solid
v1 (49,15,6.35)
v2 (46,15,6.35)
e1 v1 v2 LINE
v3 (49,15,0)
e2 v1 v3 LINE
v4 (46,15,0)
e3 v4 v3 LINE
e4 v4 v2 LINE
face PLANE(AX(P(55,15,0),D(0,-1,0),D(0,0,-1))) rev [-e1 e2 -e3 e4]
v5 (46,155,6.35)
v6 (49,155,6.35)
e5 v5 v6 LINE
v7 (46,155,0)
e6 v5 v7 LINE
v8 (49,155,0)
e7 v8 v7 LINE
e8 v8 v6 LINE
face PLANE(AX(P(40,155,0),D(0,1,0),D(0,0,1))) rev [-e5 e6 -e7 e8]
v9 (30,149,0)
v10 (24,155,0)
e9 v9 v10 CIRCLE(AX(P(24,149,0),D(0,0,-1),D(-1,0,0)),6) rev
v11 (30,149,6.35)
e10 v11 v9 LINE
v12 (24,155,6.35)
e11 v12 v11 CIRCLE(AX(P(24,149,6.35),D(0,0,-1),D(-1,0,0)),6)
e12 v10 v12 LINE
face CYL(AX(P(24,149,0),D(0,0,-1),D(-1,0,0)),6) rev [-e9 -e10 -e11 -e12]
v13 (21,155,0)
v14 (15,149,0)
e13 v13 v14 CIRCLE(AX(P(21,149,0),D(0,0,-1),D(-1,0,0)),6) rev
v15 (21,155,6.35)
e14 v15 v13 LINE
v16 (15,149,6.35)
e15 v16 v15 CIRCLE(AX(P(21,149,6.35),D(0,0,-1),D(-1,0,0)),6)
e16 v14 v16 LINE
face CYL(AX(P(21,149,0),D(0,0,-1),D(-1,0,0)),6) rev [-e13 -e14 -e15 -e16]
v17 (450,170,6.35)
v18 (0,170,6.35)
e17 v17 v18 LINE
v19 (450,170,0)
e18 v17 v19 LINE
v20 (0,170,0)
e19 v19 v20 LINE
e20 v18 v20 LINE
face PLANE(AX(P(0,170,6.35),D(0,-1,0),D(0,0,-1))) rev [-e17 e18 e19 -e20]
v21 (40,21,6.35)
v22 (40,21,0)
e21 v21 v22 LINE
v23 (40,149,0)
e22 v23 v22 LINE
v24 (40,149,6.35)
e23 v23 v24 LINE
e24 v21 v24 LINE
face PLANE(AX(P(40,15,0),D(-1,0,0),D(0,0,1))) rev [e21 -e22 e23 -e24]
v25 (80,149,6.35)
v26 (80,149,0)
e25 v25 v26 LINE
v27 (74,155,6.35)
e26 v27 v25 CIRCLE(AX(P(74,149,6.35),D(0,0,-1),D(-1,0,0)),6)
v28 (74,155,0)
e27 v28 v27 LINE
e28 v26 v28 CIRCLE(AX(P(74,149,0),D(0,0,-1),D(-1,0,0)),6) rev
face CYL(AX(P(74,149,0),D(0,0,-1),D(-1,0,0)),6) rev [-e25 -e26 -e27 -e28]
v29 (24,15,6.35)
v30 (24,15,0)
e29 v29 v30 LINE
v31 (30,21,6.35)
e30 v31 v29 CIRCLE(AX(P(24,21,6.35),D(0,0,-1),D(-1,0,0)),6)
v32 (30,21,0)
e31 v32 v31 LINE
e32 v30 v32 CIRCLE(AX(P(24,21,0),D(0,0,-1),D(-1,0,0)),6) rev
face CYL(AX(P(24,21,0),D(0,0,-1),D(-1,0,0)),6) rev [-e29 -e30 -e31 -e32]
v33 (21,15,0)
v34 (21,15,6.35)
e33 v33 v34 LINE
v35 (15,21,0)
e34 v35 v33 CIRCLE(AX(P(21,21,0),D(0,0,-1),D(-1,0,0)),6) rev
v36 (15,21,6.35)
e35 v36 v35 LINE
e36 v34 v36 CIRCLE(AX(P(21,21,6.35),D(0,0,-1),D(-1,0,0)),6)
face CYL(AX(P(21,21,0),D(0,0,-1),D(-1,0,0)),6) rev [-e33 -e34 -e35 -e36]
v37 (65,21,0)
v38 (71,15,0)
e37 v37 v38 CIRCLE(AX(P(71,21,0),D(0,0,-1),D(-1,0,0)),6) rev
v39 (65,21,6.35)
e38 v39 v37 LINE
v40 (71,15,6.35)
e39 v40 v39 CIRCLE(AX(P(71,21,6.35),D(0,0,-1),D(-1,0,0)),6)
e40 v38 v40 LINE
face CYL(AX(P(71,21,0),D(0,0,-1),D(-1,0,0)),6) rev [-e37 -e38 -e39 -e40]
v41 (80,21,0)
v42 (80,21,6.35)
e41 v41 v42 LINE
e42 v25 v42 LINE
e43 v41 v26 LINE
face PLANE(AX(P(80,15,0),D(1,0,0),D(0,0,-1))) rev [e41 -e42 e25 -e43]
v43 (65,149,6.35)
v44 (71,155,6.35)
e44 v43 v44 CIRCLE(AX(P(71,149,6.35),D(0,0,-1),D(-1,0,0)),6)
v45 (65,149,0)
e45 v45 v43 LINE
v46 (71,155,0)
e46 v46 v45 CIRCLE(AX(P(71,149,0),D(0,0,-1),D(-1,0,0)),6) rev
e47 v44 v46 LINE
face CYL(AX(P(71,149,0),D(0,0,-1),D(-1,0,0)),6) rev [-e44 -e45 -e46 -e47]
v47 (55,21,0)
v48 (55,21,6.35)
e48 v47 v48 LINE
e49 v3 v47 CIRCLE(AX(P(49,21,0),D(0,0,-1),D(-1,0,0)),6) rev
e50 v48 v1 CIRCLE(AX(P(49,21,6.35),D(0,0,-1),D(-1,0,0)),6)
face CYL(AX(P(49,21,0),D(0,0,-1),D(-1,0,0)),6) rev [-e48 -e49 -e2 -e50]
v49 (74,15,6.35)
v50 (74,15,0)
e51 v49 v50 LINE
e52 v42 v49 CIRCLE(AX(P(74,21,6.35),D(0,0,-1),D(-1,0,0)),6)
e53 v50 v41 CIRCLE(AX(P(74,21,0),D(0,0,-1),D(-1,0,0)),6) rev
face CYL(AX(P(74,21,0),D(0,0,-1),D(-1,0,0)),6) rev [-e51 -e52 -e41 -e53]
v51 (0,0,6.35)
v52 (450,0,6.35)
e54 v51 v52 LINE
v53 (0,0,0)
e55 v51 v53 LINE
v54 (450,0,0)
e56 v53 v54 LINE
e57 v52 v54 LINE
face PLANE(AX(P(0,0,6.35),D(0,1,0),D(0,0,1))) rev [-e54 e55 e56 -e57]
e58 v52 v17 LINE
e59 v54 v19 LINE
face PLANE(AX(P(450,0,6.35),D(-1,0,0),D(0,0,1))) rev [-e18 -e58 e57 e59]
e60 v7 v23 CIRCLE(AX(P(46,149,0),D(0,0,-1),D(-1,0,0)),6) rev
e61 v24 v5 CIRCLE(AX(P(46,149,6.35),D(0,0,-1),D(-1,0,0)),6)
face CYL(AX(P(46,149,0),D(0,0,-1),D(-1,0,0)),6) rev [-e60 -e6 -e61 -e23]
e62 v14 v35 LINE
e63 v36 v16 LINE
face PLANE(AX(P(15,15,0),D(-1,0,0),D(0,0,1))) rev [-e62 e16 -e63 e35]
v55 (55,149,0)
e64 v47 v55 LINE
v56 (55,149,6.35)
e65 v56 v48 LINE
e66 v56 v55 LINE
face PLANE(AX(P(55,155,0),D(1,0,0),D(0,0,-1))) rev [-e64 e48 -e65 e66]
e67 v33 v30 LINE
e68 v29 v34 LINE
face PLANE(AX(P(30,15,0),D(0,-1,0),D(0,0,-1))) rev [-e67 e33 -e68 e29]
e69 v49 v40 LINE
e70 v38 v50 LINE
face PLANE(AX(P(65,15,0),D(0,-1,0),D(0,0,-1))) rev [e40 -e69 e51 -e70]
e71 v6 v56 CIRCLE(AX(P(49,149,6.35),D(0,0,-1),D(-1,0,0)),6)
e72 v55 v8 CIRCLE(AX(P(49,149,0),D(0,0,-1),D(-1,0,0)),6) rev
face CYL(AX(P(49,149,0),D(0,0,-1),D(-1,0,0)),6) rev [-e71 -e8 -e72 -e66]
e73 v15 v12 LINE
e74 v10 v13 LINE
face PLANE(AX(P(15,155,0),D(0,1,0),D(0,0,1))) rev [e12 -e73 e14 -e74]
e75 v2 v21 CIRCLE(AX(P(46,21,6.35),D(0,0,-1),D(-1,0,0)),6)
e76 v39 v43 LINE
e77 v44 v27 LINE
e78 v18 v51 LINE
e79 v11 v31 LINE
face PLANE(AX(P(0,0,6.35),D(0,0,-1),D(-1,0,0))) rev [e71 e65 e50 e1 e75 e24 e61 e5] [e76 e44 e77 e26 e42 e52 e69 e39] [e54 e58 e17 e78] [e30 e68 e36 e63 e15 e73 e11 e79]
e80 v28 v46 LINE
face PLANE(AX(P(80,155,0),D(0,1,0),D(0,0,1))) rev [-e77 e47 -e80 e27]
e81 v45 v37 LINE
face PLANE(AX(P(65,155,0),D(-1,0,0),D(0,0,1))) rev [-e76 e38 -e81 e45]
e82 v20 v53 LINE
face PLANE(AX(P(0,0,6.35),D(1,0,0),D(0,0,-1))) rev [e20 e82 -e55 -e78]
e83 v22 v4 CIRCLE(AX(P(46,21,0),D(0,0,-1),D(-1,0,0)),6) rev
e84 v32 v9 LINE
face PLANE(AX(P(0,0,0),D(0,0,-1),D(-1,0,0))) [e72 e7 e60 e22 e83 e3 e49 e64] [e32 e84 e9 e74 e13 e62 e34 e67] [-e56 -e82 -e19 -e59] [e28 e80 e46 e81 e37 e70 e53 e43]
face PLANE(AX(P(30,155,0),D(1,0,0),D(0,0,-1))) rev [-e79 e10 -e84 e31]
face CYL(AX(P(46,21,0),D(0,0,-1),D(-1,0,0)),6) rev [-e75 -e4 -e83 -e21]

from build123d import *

# Parameters (mm, degrees)
SKETCH1_W               = 450
SKETCH1_H               = 170
BOSS_EXTRUDE1_DEPTH     = 6.35
SKETCH2_W               = 15
SKETCH2_H               = 140
CUT_EXTRUDE1_DEPTH      = 1
CUT_EXTRUDE1_DEPTH_BACK = 7.35
FILLET1_R               = 6
FILLET2_R               = 6


with BuildPart() as part:
    # Sketch1 → Boss-Extrude1 (new body)
    with BuildSketch(Plane.XY):
        with Locations((225, 85)):
            Rectangle(SKETCH1_W, SKETCH1_H)
    extrude(amount=BOSS_EXTRUDE1_DEPTH)

    # Sketch2 → Cut-Extrude1 (cut, two sides)
    with BuildSketch(Plane.XY.offset(6.35)) as cut_extrude1_sk:
        with Locations((22.5, 85)):
            Rectangle(SKETCH2_W, SKETCH2_H)
        with Locations((47.5, 85)):
            Rectangle(SKETCH2_W, SKETCH2_H)
        with Locations((72.5, 85)):
            Rectangle(SKETCH2_W, SKETCH2_H)
    extrude(amount=CUT_EXTRUDE1_DEPTH, mode=Mode.SUBTRACT)
    extrude(cut_extrude1_sk.sketch, amount=-CUT_EXTRUDE1_DEPTH_BACK, mode=Mode.SUBTRACT)

    # Fillet1
    fillet1_edges = [part.edges().sort_by_distance(p)[0] for p in [
        (15, 155, 3.175),
        (30, 155, 3.175),
        (40, 155, 3.175),
        (55, 155, 3.175),
        (80, 155, 3.175),
        (65, 155, 3.175),
    ]]
    fillet(fillet1_edges, radius=FILLET1_R)

    # Fillet2
    fillet2_edges = [part.edges().sort_by_distance(p)[0] for p in [
        (30, 15, 3.175),
        (15, 15, 3.175),
        (55, 15, 3.175),
        (40, 15, 3.175),
        (80, 15, 3.175),
        (65, 15, 3.175),
    ]]
    fillet(fillet2_edges, radius=FILLET2_R)


solid = part.part
